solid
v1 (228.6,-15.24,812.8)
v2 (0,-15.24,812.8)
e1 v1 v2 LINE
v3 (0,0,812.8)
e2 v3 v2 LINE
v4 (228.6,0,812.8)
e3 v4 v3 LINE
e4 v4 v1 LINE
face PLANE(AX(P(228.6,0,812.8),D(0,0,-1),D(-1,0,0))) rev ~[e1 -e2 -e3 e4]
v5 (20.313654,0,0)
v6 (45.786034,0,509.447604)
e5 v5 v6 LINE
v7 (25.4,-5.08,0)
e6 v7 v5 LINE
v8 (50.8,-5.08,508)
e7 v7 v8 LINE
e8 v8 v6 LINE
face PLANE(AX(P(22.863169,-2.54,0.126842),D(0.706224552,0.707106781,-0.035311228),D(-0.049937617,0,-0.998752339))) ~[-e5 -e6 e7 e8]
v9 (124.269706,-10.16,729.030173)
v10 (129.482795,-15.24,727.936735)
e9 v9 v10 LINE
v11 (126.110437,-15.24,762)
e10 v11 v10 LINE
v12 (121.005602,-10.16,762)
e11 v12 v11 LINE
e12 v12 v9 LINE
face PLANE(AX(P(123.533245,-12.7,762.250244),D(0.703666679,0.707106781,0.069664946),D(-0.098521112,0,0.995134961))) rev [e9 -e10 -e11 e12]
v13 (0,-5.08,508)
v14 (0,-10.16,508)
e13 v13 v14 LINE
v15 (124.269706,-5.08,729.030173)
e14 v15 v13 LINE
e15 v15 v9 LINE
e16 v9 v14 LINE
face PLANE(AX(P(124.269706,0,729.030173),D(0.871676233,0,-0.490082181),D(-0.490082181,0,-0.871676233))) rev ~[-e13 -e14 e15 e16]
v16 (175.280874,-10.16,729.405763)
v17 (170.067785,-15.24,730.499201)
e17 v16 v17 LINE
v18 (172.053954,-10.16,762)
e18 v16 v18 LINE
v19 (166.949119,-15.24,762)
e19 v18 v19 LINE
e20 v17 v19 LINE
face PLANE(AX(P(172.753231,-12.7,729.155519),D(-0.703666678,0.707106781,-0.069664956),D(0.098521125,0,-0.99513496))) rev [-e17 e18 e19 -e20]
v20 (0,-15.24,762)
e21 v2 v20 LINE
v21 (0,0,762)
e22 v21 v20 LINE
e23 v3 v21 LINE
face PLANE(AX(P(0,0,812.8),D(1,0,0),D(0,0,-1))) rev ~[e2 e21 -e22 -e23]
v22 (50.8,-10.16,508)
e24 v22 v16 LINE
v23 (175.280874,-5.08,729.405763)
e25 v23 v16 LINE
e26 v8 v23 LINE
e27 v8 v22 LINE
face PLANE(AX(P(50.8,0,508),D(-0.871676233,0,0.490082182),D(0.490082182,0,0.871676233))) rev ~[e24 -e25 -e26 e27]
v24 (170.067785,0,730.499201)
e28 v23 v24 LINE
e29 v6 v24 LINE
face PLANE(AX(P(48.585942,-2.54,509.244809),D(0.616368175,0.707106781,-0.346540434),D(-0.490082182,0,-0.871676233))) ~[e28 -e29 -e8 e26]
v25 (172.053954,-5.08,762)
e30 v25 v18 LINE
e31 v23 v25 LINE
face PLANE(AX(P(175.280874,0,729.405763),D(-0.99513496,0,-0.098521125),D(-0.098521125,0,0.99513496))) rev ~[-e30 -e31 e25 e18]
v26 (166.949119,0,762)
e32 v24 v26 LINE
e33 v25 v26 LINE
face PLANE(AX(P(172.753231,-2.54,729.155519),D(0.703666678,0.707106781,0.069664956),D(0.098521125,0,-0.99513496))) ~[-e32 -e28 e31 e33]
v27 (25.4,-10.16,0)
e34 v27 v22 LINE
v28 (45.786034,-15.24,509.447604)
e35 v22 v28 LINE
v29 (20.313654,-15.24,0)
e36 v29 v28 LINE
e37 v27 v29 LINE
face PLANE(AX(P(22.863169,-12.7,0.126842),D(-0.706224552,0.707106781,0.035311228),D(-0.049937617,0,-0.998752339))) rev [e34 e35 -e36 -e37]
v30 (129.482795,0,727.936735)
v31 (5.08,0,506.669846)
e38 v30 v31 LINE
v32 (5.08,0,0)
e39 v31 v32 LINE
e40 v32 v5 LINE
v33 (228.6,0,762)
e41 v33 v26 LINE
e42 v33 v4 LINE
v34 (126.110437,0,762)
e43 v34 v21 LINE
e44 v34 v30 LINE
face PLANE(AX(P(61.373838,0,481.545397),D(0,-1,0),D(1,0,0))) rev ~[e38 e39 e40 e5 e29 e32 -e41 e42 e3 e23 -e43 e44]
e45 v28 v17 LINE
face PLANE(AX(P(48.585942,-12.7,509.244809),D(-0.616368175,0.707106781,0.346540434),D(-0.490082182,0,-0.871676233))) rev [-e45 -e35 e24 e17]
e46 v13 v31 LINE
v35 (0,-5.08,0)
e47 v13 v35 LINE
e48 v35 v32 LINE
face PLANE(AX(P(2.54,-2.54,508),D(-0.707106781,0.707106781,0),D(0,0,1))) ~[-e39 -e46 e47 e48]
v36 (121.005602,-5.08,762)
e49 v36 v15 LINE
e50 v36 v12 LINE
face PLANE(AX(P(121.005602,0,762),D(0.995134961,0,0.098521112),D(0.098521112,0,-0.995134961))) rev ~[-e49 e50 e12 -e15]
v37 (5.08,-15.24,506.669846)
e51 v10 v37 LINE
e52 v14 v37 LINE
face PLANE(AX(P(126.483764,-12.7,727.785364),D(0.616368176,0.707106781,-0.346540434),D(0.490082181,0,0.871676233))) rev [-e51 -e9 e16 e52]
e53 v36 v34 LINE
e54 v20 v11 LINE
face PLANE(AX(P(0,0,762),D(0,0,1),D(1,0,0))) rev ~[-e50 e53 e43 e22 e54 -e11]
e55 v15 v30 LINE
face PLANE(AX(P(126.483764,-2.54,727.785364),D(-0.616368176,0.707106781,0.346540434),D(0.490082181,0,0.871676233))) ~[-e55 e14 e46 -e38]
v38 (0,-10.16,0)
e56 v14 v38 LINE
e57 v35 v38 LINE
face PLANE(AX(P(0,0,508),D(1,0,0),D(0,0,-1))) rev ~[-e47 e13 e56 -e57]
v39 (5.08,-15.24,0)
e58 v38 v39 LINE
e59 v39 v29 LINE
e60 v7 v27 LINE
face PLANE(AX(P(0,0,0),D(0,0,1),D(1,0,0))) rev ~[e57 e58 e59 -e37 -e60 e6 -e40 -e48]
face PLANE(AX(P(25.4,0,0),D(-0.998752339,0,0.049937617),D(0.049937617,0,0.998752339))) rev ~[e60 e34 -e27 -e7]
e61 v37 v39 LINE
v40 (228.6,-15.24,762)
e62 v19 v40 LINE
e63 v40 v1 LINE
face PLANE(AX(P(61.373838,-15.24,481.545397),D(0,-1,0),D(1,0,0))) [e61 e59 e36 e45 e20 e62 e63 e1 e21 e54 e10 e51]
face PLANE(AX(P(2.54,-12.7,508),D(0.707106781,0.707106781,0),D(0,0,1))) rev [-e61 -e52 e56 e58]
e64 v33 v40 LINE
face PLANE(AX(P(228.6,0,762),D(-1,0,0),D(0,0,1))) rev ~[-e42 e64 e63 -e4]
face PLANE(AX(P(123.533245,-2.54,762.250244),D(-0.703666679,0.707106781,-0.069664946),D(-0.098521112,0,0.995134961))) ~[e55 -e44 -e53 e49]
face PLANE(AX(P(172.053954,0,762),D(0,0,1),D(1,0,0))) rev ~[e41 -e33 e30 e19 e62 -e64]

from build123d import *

# Parameters (mm, degrees)
F1_DEPTH = 15.24
F2_SIZE  = 5.08


with BuildPart() as f1:
    # F0 (on Front) → F1 (new body)
    with BuildSketch(Plane.XZ):
        Polygon((0, 508), (0, 0), (25.4, 0), (50.8, 508), (175.280874, 729.405763), (172.053954, 762), (228.6, 762), (228.6, 812.8), (0, 812.8), (0, 762), (121.005602, 762), (124.269706, 729.030173), align=None)
    extrude(amount=F1_DEPTH)

    # F2
    f2_edges = [f1.edges().sort_by_distance(p)[0] for p in [
        (113.040437, -15.24, 618.702882),
        (38.1, -15.24, 254),
        (0, -15.24, 254),
        (62.134853, -15.24, 618.515087),
        (0, 0, 254),
        (62.134853, 0, 618.515087),
        (38.1, 0, 254),
        (113.040437, 0, 618.702882),
        (122.637654, 0, 745.515087),
        (173.667414, 0, 745.702882),
        (173.667414, -15.24, 745.702882),
        (122.637654, -15.24, 745.515087),
    ]]
    chamfer(f2_edges, length=F2_SIZE)


solid = f1.part
